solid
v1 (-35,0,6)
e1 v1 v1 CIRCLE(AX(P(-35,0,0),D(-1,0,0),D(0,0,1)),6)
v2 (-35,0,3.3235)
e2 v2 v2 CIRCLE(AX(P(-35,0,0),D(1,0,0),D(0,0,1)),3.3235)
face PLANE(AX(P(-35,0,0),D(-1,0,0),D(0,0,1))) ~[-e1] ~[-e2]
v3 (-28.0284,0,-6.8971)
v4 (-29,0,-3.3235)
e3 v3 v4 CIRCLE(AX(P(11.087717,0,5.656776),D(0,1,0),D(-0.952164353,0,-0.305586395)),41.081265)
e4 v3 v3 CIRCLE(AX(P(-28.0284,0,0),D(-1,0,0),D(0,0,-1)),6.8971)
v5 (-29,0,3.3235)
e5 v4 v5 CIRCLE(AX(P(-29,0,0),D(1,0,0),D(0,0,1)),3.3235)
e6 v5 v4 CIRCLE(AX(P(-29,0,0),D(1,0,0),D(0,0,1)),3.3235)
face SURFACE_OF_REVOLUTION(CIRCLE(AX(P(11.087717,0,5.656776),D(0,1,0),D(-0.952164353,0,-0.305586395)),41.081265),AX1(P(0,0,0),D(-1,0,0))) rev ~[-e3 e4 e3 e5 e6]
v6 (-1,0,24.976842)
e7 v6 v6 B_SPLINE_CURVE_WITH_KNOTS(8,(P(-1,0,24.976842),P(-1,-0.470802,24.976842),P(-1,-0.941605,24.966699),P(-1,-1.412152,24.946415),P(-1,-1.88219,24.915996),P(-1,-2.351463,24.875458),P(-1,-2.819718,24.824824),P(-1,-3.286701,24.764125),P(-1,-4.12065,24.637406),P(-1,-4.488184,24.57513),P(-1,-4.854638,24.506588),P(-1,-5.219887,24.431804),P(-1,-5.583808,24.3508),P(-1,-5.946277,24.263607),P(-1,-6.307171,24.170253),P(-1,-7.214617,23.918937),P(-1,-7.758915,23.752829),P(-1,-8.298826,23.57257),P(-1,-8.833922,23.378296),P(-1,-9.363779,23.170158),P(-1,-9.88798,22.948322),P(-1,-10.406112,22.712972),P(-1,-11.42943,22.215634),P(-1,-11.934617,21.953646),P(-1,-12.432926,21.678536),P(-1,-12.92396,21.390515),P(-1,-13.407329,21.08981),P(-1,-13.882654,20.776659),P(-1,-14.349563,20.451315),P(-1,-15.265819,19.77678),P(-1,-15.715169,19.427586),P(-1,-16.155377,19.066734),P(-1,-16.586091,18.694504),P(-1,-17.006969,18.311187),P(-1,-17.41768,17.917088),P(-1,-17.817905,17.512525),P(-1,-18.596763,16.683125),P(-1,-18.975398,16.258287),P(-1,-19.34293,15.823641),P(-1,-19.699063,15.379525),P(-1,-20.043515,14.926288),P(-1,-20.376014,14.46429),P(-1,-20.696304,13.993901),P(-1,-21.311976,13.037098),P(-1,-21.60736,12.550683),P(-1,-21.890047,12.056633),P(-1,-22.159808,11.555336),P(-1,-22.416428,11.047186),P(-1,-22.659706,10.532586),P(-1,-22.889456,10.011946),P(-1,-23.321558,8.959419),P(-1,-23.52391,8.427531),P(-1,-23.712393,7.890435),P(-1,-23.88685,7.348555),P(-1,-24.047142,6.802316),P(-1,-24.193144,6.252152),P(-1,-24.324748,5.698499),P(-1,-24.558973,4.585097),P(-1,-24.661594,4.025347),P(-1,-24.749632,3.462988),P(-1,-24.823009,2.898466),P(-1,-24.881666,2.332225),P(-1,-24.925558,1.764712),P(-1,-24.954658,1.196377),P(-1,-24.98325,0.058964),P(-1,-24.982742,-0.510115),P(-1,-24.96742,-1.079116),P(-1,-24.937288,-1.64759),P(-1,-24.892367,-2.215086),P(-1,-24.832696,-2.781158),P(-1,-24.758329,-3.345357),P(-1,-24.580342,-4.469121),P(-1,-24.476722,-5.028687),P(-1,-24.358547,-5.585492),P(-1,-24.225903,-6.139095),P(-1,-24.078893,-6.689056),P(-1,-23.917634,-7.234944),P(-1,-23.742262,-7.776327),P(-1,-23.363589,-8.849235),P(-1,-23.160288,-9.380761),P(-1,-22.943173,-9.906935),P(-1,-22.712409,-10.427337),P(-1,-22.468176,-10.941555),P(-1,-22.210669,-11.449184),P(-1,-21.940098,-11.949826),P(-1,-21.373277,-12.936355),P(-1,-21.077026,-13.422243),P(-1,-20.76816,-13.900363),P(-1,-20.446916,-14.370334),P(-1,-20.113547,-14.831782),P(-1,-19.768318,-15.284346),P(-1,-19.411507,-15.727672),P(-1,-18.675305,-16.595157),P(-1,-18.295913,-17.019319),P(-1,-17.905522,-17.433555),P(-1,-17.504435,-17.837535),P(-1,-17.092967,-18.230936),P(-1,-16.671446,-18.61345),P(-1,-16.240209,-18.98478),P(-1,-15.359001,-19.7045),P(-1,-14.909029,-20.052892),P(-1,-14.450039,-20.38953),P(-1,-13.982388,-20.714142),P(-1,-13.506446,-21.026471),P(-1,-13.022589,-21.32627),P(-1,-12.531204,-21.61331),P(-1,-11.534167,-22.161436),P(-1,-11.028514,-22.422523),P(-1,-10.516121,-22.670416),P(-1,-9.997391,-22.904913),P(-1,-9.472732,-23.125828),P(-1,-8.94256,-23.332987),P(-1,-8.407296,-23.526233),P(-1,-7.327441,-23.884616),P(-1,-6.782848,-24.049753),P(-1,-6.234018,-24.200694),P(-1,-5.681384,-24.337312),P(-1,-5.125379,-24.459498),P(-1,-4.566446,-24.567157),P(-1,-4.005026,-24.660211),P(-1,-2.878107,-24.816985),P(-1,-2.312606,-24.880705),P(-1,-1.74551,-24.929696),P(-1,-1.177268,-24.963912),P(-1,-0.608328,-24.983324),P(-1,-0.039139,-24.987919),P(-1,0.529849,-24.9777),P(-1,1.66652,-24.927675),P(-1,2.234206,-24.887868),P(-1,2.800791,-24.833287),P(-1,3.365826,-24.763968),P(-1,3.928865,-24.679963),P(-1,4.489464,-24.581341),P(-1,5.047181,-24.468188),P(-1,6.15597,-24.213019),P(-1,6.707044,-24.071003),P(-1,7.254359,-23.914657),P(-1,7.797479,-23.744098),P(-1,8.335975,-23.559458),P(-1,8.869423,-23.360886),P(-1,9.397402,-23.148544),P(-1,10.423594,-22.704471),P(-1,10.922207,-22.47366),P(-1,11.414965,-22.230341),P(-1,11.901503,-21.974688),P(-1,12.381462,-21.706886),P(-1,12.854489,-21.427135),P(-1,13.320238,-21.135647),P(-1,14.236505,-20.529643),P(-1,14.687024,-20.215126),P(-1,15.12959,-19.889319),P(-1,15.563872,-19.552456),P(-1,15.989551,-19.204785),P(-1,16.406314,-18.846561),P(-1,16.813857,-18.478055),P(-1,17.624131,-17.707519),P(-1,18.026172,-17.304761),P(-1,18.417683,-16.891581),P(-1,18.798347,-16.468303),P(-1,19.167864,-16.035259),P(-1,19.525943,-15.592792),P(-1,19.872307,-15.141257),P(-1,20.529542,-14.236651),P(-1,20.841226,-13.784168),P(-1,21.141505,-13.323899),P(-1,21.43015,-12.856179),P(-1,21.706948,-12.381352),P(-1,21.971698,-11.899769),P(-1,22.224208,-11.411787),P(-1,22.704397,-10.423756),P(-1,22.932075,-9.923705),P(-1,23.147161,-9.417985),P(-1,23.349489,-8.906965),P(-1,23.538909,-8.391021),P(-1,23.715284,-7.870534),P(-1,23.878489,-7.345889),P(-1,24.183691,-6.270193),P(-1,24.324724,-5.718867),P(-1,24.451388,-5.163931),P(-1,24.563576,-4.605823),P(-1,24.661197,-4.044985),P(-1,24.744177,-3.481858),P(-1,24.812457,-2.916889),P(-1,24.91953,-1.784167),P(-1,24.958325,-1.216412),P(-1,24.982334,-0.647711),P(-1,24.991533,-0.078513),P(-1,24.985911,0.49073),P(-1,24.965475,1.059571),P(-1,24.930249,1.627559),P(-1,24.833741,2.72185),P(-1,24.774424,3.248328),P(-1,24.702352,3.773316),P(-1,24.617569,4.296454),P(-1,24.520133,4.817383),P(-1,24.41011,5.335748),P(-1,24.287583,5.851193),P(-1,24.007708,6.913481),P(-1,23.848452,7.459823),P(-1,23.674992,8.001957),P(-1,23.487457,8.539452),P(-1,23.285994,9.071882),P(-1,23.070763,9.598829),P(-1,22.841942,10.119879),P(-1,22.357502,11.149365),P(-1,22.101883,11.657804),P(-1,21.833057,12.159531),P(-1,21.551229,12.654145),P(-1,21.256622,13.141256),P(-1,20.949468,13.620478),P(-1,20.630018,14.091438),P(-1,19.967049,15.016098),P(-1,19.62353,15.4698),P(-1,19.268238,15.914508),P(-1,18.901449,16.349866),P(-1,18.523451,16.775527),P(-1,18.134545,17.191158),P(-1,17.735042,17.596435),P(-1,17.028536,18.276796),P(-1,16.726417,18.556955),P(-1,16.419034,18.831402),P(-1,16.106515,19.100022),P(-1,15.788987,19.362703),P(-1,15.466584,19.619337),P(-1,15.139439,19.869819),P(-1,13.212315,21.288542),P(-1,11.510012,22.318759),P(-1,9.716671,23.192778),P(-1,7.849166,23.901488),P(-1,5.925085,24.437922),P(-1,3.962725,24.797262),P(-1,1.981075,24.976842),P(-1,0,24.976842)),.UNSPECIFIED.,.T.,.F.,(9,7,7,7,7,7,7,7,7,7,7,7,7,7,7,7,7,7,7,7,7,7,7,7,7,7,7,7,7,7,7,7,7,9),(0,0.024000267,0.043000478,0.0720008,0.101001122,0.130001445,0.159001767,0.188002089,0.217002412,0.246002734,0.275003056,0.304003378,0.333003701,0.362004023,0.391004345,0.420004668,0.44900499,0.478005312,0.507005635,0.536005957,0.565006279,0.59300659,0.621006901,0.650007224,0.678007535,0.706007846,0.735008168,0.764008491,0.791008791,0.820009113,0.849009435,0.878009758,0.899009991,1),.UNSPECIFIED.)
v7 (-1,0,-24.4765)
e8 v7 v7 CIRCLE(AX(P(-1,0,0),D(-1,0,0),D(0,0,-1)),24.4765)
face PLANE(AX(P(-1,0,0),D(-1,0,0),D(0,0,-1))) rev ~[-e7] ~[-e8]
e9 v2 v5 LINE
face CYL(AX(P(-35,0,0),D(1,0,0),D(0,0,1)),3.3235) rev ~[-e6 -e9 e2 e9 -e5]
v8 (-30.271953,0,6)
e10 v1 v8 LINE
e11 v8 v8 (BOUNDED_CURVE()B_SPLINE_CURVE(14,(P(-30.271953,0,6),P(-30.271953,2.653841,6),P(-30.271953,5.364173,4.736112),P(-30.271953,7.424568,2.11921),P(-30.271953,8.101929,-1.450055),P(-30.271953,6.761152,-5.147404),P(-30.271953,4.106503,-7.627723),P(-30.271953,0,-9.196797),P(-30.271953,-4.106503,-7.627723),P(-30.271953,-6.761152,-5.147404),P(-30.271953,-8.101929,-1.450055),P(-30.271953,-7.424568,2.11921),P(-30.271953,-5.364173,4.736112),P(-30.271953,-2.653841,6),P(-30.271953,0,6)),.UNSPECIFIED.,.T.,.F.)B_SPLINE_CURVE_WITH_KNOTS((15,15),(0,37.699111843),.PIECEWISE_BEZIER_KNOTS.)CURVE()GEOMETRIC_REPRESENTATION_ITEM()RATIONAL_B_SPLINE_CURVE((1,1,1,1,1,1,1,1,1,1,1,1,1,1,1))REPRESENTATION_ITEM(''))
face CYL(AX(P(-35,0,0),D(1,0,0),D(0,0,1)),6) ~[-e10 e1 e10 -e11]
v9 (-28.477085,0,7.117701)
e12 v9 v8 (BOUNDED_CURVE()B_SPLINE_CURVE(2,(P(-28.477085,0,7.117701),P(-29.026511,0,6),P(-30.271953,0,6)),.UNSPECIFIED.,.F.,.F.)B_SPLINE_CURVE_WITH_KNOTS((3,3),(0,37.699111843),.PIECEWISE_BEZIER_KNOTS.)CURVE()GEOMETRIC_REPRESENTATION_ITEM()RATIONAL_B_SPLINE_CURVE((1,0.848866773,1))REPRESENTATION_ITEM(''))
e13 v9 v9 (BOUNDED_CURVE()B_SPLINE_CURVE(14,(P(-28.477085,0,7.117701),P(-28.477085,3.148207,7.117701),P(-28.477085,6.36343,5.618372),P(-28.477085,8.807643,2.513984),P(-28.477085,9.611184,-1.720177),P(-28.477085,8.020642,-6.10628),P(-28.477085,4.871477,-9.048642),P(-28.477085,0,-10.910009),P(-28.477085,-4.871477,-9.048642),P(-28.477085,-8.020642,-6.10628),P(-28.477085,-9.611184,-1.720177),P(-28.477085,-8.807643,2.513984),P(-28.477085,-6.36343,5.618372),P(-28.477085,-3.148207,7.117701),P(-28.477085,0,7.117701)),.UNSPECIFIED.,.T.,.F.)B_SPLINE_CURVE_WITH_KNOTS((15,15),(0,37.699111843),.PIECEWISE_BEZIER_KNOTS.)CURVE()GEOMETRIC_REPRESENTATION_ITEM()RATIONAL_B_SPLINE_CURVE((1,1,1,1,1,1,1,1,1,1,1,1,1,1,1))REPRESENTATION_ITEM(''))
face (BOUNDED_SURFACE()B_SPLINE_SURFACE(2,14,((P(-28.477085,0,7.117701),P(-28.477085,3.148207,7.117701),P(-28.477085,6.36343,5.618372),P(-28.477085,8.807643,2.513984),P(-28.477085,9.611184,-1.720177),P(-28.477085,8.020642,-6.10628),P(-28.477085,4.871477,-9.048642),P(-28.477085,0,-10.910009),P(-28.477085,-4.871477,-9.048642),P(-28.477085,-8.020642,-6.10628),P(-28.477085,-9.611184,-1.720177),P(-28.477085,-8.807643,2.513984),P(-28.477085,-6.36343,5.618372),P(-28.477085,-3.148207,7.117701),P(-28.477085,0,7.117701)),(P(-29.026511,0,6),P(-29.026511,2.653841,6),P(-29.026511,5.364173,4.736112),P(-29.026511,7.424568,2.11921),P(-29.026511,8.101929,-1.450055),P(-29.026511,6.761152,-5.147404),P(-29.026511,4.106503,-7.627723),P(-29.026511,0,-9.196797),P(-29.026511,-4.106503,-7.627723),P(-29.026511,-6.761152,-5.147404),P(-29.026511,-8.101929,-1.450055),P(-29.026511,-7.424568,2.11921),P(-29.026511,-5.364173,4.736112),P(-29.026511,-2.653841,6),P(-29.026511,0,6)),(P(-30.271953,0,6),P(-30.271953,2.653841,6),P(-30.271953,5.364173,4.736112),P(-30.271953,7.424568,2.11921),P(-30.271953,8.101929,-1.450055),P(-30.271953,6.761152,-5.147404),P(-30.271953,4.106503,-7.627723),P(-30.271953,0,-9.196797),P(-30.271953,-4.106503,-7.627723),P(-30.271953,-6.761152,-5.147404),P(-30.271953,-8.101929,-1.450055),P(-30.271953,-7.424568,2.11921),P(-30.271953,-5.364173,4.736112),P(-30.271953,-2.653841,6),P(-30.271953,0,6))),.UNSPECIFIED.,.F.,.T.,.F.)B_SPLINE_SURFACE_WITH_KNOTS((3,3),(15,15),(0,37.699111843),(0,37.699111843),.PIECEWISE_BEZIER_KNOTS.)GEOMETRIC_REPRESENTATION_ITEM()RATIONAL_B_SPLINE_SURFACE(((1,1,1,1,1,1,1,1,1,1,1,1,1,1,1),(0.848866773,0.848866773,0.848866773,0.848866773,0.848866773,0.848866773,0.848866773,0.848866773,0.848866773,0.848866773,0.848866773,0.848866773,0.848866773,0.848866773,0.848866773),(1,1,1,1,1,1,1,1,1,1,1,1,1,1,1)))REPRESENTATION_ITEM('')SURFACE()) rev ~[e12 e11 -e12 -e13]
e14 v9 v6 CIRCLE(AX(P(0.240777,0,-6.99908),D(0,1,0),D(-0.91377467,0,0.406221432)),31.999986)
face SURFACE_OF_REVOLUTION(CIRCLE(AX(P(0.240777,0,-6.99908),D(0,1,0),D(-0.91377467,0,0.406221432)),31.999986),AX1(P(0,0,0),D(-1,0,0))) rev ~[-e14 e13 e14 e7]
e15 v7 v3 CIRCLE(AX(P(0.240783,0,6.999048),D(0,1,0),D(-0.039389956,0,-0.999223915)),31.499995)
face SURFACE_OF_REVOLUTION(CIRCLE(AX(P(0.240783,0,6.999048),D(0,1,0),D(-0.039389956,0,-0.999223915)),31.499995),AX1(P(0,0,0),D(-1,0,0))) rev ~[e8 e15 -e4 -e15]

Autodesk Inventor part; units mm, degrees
ref_plane "YZ Plane" through (0, 0, 0) normal (1, 0, 0) x (0, 1, 0)
ref_plane "XZ Plane" through (0, 0, 0) normal (0, 1, 0) x (-1, 0, 0)
ref_plane "XY Plane" through (0, 0, 0) normal (0, 0, 1) x (1, 0, 0)
sketch "Skizze1" plane through (0, 0, 0) normal (0, 1, 0) x (-1, 0, 0)
  line L0 (0, 0) -> (35, 0)
  line L1 (35, 0) -> (35, 6)
  line L2 (35, 6) -> (29, 6)
  line L3 (0, 25) -> (0, 0)
  arc A0 (29, 6) -> (0, 25) centre (-0.2408, -6.9991) ccw
  dimension "d0" = 35
  dimension "d1" = 12
  dimension "d2" = 6
  dimension "d5" = 50
  dimension "d6" = 32
revolve "Umdrehung1" add sketch "Skizze1" angle 360 about axis through (0, 0, 0) along (-1, 0, 0)
sketch "Skizze3" plane through (-35, 0, 0) normal (-1, 0, 0) x (0, 0, 1)
  circle A0 centre (0, 0) radius 6 projected
hole "Bohrung2" at (-35, 0, 0) direction (1, 0, 0) diameter 6.647 depth 6 thread size "M8x1.25" class "6H" standard "ISO Metric profile"
fillet "Rundung1" radius 2 1 edges at (-29, 0, -6)
sketch "Skizze5" plane through (0, 0, 0) normal (0, 1, 0) x (-1, 0, 0)
  arc A0 (0, -25) -> (28.4771, -7.1177) centre (-0.2408, 6.9991) ccw projected
  arc A1 (28.4771, 7.1177) -> (0, 25) centre (-0.2408, -6.9991) ccw projected
  line L0 (0, 0) -> (39.0917, 0)
  arc A2 (1, -24.4765) -> (28.0284, -6.8971) centre (-0.2408, 6.9991) ccw
  line L1 (1, -24.4765) -> (1, 0)
  line L2 (35, -6) -> (35, 6) projected
  line L3 (30.272, 6) -> (30.272, -6) projected
  line L4 (29, -3.3235) -> (35, -3.3235) projected
  arc A3 (30.272, -6) -> (28.4771, -7.1177) centre (30.272, -8) ccw projected
  line L5 (29, -3.3235) -> (29, 3.3235) projected
  arc A4 (28.0284, -6.8971) -> (29, -3.3235) centre (-11.0986, 5.66) ccw
  point P0 (29, 0)
  dimension "d25" = 1
  dimension "d26" = 0.5
revolve "Umdrehung2" cut sketch "Skizze5" angle 360 about axis through (0, 0, 0) along (-1, 0, 0) contours L0 L5 A4 A2 L1
sketch "Skizze6" plane through (0, 0, 0) normal (1, 0, 0) x (0, 0, -1)
  circle A0 centre (0, 0) radius 25 projected
hole "Bohrung3" at (0, 0, 0) direction (-1, 0, 0) diameter 50 depth 1
properties part number "BRS_cover" material "Blei"
